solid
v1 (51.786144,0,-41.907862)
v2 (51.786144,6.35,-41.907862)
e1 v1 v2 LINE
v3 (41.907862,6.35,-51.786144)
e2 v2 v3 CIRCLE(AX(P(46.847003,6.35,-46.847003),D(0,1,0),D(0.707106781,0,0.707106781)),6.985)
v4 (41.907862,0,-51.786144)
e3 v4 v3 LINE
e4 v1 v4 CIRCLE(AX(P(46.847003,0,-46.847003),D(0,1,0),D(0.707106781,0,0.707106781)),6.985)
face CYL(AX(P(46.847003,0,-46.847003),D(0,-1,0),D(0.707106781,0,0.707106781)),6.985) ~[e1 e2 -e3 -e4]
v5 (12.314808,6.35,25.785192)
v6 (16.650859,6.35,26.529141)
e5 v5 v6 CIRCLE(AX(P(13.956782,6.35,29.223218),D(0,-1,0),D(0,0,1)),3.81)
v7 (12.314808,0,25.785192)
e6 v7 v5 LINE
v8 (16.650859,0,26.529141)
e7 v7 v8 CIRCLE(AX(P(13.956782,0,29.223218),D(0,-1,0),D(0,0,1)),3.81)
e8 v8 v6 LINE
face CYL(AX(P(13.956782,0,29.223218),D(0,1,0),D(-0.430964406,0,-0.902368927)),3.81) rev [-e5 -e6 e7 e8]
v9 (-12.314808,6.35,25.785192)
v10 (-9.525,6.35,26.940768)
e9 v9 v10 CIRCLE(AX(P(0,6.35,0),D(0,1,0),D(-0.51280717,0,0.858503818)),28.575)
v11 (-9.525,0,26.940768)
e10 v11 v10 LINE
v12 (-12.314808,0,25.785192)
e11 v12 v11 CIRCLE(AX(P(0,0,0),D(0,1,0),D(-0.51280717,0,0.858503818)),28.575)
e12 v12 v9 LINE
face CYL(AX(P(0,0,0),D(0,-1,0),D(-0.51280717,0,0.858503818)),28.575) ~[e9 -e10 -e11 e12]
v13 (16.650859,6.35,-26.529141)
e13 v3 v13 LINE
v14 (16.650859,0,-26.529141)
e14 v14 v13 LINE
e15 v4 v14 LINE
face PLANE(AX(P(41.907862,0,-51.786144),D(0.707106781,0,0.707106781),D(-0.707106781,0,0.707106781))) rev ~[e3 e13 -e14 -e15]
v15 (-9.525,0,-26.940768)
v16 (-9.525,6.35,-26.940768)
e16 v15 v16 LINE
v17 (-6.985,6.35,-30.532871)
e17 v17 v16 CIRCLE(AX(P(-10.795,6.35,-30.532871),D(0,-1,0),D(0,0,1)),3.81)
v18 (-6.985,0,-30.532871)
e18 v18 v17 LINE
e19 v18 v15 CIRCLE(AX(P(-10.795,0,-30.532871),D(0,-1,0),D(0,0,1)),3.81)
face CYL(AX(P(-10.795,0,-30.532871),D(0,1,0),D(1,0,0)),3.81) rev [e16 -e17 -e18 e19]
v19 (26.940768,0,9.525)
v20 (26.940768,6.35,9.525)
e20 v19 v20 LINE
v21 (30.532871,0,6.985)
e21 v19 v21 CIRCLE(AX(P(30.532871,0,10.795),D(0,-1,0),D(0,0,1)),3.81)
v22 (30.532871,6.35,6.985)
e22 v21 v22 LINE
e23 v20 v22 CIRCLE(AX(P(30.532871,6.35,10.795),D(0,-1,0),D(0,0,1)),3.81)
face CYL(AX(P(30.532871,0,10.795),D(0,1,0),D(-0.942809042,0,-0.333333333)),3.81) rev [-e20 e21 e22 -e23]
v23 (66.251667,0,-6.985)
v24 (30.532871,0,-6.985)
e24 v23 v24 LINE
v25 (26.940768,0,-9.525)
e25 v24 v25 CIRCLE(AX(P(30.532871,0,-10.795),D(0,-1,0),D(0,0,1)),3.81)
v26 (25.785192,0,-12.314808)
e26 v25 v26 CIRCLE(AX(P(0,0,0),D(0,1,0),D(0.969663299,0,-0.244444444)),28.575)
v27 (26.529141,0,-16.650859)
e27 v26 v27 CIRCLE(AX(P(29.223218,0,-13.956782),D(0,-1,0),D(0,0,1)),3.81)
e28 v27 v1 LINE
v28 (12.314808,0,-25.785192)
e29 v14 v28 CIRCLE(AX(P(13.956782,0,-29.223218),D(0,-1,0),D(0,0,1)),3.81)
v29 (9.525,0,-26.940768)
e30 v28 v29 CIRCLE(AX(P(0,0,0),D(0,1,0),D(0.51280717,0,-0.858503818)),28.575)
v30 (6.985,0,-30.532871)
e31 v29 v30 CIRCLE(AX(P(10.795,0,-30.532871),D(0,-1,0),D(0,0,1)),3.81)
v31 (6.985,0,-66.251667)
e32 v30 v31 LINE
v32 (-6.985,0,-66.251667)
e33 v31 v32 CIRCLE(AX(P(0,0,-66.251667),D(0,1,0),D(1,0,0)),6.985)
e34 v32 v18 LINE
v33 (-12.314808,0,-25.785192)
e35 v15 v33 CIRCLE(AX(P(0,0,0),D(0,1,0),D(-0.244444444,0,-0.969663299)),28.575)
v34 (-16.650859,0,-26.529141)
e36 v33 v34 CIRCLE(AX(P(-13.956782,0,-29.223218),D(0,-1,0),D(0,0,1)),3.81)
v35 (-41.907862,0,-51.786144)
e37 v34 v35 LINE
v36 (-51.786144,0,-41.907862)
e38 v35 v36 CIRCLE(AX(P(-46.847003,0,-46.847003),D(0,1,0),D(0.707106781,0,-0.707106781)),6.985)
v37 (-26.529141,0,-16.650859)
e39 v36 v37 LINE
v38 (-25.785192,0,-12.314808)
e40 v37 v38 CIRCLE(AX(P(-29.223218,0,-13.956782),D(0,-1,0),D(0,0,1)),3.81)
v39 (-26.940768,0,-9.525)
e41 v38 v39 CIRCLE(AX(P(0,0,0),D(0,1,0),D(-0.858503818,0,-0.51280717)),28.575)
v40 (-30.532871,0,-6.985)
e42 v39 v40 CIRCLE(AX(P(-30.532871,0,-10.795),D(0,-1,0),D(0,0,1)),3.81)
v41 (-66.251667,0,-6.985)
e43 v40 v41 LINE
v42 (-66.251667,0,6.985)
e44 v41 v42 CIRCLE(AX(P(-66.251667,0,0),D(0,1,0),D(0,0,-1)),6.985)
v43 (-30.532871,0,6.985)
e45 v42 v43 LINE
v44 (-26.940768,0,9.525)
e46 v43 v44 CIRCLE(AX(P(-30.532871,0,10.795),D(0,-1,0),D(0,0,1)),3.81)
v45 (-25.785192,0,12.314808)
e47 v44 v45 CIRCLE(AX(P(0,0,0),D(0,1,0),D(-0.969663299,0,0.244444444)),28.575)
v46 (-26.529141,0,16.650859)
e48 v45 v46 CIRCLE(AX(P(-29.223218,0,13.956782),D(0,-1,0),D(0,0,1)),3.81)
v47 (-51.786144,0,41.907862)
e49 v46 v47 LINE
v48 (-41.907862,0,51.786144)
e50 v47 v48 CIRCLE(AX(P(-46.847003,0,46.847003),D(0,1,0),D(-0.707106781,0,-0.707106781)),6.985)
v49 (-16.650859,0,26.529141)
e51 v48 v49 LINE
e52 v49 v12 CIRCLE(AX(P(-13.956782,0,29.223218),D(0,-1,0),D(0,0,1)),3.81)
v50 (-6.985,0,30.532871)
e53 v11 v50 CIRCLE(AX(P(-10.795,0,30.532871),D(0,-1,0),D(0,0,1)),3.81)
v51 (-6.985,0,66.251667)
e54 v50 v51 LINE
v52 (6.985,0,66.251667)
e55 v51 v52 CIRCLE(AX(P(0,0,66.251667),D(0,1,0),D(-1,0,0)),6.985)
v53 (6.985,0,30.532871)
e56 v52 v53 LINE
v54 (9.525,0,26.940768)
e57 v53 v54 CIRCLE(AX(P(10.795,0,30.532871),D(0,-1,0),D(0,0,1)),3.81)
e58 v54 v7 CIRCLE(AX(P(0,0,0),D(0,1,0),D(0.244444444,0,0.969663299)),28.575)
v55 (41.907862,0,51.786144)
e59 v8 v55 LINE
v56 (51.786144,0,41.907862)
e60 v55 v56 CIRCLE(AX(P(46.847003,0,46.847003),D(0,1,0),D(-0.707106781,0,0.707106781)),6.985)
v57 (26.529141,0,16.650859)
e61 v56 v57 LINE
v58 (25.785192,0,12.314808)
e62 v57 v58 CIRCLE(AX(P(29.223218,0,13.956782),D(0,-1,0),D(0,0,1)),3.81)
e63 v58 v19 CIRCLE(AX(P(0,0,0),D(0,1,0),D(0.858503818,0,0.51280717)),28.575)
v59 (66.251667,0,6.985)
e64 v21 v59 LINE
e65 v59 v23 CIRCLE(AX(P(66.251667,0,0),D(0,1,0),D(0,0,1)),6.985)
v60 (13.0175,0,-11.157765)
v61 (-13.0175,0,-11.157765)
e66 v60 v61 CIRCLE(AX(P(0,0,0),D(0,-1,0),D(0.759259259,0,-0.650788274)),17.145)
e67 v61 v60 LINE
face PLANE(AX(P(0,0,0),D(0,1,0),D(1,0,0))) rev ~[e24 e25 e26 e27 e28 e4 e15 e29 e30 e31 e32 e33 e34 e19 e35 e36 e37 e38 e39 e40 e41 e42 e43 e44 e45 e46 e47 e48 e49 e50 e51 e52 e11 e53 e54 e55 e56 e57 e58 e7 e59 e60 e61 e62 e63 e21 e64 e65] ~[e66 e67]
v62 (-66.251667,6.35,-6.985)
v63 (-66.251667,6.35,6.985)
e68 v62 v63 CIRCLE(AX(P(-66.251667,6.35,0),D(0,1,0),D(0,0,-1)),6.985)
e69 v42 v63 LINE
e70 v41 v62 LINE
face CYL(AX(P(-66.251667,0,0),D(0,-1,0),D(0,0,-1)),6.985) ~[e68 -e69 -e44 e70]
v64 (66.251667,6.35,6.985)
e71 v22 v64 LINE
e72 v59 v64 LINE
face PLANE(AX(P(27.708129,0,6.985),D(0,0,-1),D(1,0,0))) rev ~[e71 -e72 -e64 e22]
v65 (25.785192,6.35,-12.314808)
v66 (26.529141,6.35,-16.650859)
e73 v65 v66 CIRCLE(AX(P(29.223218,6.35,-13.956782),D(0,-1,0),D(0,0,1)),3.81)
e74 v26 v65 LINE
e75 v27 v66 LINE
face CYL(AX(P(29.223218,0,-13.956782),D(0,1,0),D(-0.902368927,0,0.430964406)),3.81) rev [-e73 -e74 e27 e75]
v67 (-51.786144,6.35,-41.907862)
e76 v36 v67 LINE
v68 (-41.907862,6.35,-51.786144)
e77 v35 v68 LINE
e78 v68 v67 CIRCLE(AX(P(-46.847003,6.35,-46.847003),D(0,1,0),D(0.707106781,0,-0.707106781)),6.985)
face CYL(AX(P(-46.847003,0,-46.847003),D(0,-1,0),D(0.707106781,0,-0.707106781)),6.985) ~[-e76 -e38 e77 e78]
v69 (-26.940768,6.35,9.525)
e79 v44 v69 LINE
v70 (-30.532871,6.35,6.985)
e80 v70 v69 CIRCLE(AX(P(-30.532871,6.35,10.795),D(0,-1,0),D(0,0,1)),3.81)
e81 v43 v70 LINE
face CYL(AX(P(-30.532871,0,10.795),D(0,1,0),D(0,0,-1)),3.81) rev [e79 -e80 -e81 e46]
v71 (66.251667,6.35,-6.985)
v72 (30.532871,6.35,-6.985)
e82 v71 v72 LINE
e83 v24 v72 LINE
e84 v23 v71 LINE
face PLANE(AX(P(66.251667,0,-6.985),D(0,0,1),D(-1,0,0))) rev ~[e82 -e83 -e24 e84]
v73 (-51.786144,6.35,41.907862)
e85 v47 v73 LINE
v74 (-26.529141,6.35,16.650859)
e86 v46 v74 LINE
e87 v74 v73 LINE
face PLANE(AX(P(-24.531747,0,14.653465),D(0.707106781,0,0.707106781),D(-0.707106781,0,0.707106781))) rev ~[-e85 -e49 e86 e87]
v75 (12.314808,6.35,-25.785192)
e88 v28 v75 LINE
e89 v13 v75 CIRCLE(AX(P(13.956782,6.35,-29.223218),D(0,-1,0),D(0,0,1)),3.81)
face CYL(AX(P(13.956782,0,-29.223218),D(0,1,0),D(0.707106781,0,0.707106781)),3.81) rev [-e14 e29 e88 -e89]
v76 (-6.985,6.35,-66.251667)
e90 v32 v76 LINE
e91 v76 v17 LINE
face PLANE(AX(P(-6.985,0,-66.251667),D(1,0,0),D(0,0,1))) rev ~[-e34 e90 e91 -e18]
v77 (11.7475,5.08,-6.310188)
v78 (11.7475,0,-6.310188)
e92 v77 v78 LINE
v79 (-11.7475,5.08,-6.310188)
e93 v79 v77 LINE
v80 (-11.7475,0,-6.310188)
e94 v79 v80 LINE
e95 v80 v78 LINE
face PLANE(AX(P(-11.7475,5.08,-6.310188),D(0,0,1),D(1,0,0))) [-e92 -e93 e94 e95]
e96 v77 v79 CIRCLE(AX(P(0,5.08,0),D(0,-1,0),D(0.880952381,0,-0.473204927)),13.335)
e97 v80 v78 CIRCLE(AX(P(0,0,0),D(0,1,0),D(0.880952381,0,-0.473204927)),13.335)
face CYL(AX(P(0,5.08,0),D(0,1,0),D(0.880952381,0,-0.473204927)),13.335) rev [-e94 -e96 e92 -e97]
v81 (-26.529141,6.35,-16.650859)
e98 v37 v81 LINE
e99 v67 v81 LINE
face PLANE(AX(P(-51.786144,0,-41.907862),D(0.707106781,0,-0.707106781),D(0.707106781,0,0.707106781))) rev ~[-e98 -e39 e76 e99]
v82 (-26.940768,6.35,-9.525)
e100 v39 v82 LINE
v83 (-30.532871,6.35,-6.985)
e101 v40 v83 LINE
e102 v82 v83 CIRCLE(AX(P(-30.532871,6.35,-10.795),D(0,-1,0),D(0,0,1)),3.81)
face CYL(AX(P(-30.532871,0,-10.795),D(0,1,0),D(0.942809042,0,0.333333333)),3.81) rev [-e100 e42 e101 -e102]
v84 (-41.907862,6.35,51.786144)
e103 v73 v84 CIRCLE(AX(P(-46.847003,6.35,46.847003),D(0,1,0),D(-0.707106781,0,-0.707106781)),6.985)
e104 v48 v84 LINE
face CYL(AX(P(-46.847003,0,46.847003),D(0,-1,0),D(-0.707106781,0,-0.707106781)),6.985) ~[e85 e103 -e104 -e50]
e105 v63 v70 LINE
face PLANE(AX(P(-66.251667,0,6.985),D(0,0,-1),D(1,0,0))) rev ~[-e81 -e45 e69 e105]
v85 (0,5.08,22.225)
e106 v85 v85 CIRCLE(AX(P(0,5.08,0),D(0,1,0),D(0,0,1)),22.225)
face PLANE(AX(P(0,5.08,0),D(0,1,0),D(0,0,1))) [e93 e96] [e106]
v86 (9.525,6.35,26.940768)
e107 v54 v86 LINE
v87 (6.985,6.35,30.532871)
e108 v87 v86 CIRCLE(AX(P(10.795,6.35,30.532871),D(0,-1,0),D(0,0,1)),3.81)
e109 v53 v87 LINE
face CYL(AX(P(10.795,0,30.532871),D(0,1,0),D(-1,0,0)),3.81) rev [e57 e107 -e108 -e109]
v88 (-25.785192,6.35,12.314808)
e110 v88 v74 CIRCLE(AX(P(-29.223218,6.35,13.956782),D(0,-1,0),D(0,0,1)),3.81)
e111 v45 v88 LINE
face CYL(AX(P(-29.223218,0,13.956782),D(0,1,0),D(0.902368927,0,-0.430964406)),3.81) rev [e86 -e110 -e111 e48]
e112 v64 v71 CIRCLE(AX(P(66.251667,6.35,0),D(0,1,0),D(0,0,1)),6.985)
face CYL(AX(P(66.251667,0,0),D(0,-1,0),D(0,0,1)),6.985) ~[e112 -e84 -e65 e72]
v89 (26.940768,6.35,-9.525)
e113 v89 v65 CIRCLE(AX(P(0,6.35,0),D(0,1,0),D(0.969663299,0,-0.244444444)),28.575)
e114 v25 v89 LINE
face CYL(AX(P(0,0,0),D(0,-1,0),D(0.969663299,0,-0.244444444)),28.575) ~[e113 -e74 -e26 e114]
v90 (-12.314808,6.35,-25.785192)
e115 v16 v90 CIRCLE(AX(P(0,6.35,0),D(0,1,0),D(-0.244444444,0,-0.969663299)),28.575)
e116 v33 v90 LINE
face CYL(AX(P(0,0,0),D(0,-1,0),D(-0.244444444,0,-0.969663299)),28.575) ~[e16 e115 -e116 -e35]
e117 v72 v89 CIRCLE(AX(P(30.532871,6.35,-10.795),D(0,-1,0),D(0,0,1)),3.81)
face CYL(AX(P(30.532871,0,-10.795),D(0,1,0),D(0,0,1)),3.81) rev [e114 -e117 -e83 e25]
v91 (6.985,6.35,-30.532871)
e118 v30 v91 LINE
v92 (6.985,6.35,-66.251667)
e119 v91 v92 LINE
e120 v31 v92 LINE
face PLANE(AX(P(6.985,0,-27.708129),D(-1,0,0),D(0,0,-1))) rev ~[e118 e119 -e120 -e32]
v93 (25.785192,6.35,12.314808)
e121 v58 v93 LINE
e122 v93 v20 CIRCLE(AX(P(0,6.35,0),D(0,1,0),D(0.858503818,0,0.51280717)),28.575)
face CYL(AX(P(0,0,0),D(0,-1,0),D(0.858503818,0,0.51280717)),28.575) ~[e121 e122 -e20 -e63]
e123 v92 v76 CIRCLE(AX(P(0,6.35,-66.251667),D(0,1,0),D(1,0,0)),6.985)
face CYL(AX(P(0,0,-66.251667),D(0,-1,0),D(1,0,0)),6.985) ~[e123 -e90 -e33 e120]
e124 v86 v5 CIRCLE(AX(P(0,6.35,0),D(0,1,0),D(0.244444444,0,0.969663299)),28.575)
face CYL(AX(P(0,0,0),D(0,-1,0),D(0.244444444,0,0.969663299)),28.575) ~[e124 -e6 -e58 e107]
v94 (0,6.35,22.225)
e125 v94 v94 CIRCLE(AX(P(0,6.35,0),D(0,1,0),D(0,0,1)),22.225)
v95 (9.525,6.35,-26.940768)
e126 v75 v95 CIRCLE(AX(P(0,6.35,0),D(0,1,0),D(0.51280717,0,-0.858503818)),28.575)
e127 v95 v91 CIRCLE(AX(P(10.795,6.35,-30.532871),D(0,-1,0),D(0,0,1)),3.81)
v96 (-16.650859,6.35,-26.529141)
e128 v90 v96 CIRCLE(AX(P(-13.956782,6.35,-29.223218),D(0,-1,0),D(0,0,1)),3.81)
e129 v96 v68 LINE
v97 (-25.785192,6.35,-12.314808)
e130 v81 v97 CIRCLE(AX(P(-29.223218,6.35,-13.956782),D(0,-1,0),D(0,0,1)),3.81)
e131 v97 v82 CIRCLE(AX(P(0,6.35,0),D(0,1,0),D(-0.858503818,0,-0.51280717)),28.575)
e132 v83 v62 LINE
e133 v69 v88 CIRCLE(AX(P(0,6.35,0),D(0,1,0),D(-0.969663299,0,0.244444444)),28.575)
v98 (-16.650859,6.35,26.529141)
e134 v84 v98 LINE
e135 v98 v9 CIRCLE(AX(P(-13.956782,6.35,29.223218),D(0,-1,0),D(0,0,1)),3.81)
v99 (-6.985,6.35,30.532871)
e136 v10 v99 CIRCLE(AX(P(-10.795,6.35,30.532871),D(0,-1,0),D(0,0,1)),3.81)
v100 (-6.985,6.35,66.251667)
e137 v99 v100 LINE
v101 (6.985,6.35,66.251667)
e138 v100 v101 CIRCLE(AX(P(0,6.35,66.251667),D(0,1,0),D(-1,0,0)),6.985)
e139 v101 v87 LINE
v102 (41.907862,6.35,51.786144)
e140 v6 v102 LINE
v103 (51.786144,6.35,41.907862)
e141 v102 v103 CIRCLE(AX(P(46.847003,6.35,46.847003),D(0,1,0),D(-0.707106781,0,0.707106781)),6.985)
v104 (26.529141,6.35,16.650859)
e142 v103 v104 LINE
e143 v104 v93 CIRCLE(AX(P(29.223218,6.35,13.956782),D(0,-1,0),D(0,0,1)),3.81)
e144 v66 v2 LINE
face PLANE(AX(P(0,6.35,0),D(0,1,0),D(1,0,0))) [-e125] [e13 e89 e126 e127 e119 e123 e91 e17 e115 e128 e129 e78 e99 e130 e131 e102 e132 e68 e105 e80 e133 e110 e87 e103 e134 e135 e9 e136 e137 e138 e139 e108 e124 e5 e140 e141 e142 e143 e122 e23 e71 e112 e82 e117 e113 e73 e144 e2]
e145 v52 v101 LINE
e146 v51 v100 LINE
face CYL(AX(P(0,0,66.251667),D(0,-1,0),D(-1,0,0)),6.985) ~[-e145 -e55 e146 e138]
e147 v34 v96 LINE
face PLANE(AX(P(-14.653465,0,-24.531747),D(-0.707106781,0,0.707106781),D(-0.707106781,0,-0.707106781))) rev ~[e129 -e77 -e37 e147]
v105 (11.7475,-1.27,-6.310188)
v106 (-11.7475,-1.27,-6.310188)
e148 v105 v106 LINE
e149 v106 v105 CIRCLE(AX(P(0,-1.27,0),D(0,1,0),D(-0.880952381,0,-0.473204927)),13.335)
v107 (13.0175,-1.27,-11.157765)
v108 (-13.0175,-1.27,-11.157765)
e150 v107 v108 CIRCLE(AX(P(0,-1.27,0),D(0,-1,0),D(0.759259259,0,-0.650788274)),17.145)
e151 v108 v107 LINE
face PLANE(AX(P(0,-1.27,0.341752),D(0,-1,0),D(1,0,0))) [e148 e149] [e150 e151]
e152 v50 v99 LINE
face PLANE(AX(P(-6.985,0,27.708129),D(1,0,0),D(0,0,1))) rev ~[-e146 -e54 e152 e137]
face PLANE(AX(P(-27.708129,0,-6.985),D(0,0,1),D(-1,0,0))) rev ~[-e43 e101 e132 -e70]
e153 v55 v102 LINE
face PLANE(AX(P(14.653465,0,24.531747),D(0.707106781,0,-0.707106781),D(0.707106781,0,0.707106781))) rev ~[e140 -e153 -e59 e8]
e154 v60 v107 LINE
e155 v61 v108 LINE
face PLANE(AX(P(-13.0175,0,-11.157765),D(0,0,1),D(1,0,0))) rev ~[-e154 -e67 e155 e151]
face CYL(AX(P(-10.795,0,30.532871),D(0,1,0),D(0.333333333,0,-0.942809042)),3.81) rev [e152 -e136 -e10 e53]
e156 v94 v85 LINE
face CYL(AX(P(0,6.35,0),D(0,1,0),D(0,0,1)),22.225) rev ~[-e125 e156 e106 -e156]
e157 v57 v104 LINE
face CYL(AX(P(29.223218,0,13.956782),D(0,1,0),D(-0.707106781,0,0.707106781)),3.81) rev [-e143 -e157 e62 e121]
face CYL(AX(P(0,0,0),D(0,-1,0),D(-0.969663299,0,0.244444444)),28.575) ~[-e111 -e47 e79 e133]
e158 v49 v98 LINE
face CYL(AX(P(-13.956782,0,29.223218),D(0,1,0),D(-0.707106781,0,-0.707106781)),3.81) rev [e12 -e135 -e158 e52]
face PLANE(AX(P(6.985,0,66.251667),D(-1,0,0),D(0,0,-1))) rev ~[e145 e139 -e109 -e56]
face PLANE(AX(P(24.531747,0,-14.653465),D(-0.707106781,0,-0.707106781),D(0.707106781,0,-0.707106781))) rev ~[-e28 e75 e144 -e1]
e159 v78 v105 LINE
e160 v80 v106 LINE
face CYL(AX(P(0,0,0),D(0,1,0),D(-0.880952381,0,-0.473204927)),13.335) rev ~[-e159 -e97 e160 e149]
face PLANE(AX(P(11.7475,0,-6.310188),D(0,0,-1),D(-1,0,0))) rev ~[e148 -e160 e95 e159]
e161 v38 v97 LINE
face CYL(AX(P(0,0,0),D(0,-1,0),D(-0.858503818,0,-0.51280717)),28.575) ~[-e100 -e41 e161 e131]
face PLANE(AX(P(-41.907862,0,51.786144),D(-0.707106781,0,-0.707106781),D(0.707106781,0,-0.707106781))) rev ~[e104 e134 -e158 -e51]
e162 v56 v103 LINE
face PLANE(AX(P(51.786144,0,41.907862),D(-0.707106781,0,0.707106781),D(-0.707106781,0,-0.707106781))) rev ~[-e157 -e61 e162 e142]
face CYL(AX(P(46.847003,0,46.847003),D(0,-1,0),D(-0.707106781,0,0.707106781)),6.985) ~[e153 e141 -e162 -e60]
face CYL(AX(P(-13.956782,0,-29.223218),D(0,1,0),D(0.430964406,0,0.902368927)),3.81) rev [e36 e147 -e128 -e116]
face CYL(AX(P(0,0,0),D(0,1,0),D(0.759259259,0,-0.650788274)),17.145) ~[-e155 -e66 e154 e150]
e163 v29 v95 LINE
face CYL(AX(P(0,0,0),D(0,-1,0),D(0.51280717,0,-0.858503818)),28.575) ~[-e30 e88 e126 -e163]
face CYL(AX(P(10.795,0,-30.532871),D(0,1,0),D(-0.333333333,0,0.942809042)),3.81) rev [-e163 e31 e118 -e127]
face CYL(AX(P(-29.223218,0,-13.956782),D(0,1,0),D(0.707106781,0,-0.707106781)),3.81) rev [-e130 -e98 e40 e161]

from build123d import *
from build123d.topology import SkipClean

# Parameters (mm, degrees)
BOSS_EXTRUDE1_DEPTH = 6.35
FILLET1_R           = 3.81
SKETCH2_R           = 22.225
CUT_EXTRUDE1_DEPTH  = 1.27
CUT_EXTRUDE2_DEPTH  = 104.696794015
BOSS_EXTRUDE3_DEPTH = 1.27


with BuildPart() as part:
    # Sketch1 → Boss-Extrude1 (new body)
    with BuildSketch(Plane(origin=(0, 0, 0), x_dir=(1, 0, 0), z_dir=(0, 1, 0))):
        with BuildLine():
            Line((-6.985, 66.251666667), (-6.985, 27.708128771))
            ThreePointArc((-6.985, 27.708128771), (-10.93517908, 26.399857642), (-14.653464881, 24.531746615))
            Line((-14.653464881, 24.531746615), (-41.907861898, 51.786143631))
            ThreePointArc((-41.907861898, 51.786143631), (-51.786143631, 51.786143631), (-51.786143631, 41.907861898))
            Line((-51.786143631, 41.907861898), (-24.531746615, 14.653464881))
            ThreePointArc((-24.531746615, 14.653464881), (-26.399857642, 10.93517908), (-27.708128771, 6.985))
            Line((-27.708128771, 6.985), (-66.251666667, 6.985))
            ThreePointArc((-66.251666667, 6.985), (-73.236666667, 0), (-66.251666667, -6.985))
            Line((-66.251666667, -6.985), (-27.708128771, -6.985))
            ThreePointArc((-27.708128771, -6.985), (-26.399857642, -10.93517908), (-24.531746615, -14.653464881))
            Line((-24.531746615, -14.653464881), (-51.786143631, -41.907861898))
            ThreePointArc((-51.786143631, -41.907861898), (-51.786143631, -51.786143631), (-41.907861898, -51.786143631))
            Line((-41.907861898, -51.786143631), (-14.653464881, -24.531746615))
            ThreePointArc((-14.653464881, -24.531746615), (-10.93517908, -26.399857642), (-6.985, -27.708128771))
            Line((-6.985, -27.708128771), (-6.985, -66.251666667))
            ThreePointArc((-6.985, -66.251666667), (0, -73.236666667), (6.985, -66.251666667))
            Line((6.985, -66.251666667), (6.985, -27.708128771))
            ThreePointArc((6.985, -27.708128771), (10.93517908, -26.399857642), (14.653464881, -24.531746615))
            Line((14.653464881, -24.531746615), (41.907861898, -51.786143631))
            ThreePointArc((41.907861898, -51.786143631), (51.786143631, -51.786143631), (51.786143631, -41.907861898))
            Line((51.786143631, -41.907861898), (24.531746615, -14.653464881))
            ThreePointArc((24.531746615, -14.653464881), (26.399857642, -10.93517908), (27.708128771, -6.985))
            Line((27.708128771, -6.985), (66.251666667, -6.985))
            ThreePointArc((66.251666667, -6.985), (73.236666667, 0), (66.251666667, 6.985))
            Line((66.251666667, 6.985), (27.708128771, 6.985))
            ThreePointArc((27.708128771, 6.985), (26.399857642, 10.93517908), (24.531746615, 14.653464881))
            Line((24.531746615, 14.653464881), (51.786143631, 41.907861898))
            ThreePointArc((51.786143631, 41.907861898), (51.786143631, 51.786143631), (41.907861898, 51.786143631))
            Line((41.907861898, 51.786143631), (14.653464881, 24.531746615))
            ThreePointArc((14.653464881, 24.531746615), (10.93517908, 26.399857642), (6.985, 27.708128771))
            Line((6.985, 27.708128771), (6.985, 66.251666667))
            ThreePointArc((6.985, 66.251666667), (0, 73.236666667), (-6.985, 66.251666667))
        make_face()
    extrude(amount=BOSS_EXTRUDE1_DEPTH)

    # Fillet1
    fillet1_edges = [part.edges().sort_by_distance(p)[0] for p in [
        (6.985, 3.175, -27.708128771),
        (14.653464881, 3.175, -24.531746615),
        (24.531746615, 3.175, -14.653464881),
        (27.708128771, 3.175, -6.985),
        (27.708128771, 3.175, 6.985),
        (24.531746615, 3.175, 14.653464881),
        (14.653464881, 3.175, 24.531746615),
        (6.985, 3.175, 27.708128771),
        (-6.985, 3.175, 27.708128771),
        (-14.653464881, 3.175, 24.531746615),
        (-24.531746615, 3.175, 14.653464881),
        (-27.708128771, 3.175, 6.985),
        (-27.708128771, 3.175, -6.985),
        (-24.531746615, 3.175, -14.653464881),
        (-14.653464881, 3.175, -24.531746615),
        (-6.985, 3.175, -27.708128771),
    ]]
    fillet(fillet1_edges, radius=FILLET1_R)

    # Sketch2 → Cut-Extrude1 (cut)
    with BuildSketch(Plane(origin=(0, 6.35, 0), x_dir=(1, 0, 0), z_dir=(0, 1, 0))):
        with Locations(Location((0, 0, 0), (0, 0, 270))):
            Circle(SKETCH2_R)
    extrude(amount=-CUT_EXTRUDE1_DEPTH, mode=Mode.SUBTRACT)

    # Sketch3 → Cut-Extrude2 (cut, through all)
    with BuildSketch(Plane(origin=(0, 5.08, 0), x_dir=(1, 0, 0), z_dir=(0, 1, 0))):
        with BuildLine():
            Line((-11.7475, 6.310187695), (11.7475, 6.310187695))
            ThreePointArc((11.7475, 6.310187695), (0, -13.335), (-11.7475, 6.310187695))
        make_face()
    extrude(amount=-CUT_EXTRUDE2_DEPTH, mode=Mode.SUBTRACT)

    # Sketch4 → Boss-Extrude3 (add)
    with SkipClean():  # the faces are left unmerged after this step: merging them gives an invalid solid
        with BuildSketch(Plane.XZ):
            with BuildLine():
                Line((-13.0175, -11.157764953), (13.0175, -11.157764953))
                ThreePointArc((13.0175, -11.157764953), (0, 17.145), (-13.0175, -11.157764953))
            make_face()
            with BuildLine():
                Line((11.7475, -6.310187695), (-11.7475, -6.310187695))
                ThreePointArc((-11.7475, -6.310187695), (0, 13.335), (11.7475, -6.310187695))
            make_face(mode=Mode.SUBTRACT)
        extrude(amount=BOSS_EXTRUDE3_DEPTH)


solid = part.part
